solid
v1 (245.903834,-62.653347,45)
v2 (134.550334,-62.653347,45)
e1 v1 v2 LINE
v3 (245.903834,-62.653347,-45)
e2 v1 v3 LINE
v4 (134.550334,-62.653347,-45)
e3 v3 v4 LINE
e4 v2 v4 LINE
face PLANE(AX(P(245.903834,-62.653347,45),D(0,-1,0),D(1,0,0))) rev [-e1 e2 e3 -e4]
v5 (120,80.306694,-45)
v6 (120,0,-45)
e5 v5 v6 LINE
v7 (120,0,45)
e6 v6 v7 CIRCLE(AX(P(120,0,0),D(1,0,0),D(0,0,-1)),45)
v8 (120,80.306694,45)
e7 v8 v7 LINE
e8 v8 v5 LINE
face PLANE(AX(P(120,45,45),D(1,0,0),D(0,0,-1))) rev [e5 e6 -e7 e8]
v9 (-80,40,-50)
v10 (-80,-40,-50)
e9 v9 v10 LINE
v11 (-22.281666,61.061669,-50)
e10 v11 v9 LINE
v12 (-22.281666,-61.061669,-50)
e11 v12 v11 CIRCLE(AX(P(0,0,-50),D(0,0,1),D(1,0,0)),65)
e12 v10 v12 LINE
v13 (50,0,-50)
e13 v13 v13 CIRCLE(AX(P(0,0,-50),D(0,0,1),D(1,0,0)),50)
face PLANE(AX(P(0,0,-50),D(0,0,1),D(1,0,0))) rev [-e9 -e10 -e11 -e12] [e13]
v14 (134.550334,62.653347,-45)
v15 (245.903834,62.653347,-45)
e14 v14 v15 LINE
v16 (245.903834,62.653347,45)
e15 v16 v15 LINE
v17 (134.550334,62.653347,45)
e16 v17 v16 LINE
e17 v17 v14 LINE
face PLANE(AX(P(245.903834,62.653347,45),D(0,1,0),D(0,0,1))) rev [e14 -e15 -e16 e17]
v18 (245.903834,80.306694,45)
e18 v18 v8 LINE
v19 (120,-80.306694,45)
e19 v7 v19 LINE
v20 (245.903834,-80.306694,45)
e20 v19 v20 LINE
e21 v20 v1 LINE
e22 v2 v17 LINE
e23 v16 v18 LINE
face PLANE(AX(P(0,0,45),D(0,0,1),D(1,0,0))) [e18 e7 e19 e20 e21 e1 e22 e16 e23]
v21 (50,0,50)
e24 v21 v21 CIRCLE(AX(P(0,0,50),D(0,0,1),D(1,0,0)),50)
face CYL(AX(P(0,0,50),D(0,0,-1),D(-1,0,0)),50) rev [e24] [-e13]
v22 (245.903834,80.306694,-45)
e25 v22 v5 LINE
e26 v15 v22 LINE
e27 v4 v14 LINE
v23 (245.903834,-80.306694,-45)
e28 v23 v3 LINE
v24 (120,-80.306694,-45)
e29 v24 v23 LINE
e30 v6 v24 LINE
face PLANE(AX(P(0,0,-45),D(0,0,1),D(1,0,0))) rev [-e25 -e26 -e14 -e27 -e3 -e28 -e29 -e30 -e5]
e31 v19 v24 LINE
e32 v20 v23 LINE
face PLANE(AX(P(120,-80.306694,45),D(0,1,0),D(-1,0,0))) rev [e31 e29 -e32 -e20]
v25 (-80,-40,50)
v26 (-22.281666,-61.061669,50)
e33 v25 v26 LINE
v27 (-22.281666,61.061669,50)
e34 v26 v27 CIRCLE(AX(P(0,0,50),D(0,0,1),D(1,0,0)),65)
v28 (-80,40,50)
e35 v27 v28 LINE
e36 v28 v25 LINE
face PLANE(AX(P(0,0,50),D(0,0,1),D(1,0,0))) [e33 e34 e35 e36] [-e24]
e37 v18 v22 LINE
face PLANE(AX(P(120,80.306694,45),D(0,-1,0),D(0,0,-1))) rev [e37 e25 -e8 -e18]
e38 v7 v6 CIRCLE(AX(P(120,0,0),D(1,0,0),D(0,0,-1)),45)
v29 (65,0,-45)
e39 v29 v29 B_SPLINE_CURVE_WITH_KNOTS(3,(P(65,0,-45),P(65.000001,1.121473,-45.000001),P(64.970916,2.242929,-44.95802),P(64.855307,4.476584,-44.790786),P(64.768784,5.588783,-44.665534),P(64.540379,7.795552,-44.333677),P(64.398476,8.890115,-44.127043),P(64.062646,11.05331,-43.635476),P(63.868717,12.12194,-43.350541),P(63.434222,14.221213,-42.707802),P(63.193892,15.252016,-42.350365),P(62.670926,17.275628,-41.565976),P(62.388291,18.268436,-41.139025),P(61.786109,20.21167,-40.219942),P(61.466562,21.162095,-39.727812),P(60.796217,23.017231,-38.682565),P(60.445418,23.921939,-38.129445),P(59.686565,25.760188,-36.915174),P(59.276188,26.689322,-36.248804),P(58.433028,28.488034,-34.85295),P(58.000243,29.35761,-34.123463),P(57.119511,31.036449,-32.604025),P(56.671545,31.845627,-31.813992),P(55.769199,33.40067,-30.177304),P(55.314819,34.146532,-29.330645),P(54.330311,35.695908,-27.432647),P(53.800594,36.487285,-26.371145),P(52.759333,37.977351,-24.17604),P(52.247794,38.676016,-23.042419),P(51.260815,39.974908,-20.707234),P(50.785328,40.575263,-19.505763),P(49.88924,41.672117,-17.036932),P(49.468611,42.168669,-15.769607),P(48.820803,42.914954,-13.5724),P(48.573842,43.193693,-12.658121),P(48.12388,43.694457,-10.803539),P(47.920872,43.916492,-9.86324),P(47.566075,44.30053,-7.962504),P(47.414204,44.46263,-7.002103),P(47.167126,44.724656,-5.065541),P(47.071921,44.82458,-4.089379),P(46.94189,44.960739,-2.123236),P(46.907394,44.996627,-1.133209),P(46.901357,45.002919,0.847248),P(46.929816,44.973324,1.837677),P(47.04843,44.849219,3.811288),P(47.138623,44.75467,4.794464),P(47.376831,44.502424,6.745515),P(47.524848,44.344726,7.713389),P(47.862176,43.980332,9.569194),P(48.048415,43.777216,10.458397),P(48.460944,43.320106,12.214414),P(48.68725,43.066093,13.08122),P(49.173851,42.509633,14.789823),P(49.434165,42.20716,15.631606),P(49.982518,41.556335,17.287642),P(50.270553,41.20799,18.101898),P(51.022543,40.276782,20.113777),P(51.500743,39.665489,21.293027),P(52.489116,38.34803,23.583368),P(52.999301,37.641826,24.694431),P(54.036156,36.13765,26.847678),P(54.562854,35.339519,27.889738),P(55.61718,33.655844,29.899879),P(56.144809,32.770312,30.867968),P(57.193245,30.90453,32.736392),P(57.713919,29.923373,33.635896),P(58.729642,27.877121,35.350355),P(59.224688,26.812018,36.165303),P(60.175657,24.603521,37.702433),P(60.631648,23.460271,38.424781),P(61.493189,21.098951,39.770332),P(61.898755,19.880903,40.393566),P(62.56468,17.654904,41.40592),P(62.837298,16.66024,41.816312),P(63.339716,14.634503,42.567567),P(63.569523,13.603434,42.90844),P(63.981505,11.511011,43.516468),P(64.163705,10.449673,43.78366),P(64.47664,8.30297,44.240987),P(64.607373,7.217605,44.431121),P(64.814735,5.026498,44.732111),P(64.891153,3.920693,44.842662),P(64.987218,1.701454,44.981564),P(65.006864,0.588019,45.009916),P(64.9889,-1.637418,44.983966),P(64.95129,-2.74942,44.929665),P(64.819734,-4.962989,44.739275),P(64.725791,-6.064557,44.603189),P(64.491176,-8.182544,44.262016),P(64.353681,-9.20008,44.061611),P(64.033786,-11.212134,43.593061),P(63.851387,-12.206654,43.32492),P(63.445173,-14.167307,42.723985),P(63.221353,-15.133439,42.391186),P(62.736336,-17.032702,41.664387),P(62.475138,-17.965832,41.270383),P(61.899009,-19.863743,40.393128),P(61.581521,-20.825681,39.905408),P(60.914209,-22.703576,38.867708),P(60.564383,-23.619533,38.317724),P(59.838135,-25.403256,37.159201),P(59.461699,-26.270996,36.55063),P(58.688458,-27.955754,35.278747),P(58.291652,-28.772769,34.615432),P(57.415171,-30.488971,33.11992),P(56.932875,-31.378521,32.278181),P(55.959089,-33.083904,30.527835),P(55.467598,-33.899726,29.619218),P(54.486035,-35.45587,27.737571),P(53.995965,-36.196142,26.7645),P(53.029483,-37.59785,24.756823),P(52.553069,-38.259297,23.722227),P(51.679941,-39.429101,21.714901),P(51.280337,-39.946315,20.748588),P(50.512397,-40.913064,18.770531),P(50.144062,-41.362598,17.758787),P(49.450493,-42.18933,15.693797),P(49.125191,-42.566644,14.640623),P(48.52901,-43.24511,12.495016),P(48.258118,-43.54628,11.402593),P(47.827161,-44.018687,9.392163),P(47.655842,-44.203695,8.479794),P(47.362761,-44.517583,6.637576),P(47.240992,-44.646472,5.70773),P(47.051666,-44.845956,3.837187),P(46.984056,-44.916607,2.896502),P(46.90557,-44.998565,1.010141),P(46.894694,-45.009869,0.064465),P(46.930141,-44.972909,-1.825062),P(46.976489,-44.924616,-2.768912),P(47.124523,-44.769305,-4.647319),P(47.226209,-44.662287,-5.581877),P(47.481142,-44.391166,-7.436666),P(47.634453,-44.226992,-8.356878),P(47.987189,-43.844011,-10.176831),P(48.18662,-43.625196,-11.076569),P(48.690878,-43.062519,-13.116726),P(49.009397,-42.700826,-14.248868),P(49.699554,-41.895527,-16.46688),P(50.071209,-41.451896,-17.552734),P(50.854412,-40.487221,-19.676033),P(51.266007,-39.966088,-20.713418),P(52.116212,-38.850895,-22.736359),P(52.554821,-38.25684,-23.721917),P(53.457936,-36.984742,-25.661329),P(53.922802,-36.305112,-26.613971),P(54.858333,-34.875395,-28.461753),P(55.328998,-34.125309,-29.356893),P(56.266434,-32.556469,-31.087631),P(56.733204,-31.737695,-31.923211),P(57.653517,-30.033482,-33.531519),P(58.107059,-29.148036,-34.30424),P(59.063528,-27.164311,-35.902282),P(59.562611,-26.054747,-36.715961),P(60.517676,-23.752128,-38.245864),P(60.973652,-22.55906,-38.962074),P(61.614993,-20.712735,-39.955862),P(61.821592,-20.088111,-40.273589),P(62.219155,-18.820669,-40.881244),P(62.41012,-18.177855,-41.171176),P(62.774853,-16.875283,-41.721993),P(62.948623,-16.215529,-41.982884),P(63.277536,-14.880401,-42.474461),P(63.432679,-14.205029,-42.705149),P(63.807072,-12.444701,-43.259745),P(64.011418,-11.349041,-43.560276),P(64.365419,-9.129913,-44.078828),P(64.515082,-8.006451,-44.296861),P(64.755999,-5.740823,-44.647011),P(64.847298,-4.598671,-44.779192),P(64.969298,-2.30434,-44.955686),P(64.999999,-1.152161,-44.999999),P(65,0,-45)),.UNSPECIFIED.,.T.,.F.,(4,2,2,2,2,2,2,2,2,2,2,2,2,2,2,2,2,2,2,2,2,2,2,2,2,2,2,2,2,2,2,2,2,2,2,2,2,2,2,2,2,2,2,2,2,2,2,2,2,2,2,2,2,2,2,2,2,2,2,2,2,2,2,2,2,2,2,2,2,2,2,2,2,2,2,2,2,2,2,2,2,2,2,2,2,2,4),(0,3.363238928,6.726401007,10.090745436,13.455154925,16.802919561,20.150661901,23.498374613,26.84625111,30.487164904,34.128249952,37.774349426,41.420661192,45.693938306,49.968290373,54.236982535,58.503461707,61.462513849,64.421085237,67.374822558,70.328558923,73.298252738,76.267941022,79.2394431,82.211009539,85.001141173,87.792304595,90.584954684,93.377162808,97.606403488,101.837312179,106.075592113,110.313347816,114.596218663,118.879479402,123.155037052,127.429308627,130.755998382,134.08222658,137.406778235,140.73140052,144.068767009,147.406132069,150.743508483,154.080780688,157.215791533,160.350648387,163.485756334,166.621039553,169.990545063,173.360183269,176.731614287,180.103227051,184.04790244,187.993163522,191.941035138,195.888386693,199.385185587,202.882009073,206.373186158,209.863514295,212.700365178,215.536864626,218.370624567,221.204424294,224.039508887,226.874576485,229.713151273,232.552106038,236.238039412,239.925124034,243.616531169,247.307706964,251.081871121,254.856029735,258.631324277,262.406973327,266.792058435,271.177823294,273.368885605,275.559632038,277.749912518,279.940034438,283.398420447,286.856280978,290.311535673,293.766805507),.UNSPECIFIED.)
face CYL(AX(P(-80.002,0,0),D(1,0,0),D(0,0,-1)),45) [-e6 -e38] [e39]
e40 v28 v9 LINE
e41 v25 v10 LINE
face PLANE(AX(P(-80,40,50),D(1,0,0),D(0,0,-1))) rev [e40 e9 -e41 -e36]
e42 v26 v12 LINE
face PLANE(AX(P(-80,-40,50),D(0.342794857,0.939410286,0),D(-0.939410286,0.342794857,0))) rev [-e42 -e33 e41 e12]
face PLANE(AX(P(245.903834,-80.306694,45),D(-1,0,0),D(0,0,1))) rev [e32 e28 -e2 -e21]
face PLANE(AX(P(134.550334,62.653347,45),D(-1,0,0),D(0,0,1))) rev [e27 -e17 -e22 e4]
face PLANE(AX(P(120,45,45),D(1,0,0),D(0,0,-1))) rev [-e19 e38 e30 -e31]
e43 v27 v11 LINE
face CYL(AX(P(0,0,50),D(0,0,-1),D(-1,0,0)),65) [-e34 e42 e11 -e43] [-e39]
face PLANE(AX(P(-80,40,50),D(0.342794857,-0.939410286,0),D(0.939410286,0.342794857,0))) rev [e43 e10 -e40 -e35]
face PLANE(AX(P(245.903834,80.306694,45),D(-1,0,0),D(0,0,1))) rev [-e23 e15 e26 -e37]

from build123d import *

# Parameters (mm, degrees)
SKETCH1_R                = 50
BOSS_EXTRUDE1_DEPTH      = 50
BOSS_EXTRUDE2_REACH      = 202
SKETCH2_R                = 45
BOSS_EXTRUDE3_DEPTH      = 45
BOSS_EXTRUDE3_DEPTH_BACK = 45


with BuildPart() as part:
    # Sketch1 → Boss-Extrude1 (new body, symmetric)
    with BuildSketch(Plane.XY):
        with BuildLine():
            Line((-80, 40), (-80, -40))
            Line((-80, -40), (-22.281665693, -61.061668614))
            ThreePointArc((-22.281665693, -61.061668614), (65, 0), (-22.281665693, 61.061668614))
            Line((-22.281665693, 61.061668614), (-80, 40))
        make_face()
        Circle(SKETCH1_R, mode=Mode.SUBTRACT)
    extrude(amount=BOSS_EXTRUDE1_DEPTH, both=True)

    # Sketch2 → Boss-Extrude2 (add, up to next)
    with BuildSketch(Plane(origin=(120, 0, 0), x_dir=(0, 0, -1), z_dir=(1, 0, 0)), mode=Mode.PRIVATE) as boss_extrude2_sk1:
        Circle(SKETCH2_R)
    boss_extrude2_tool1 = extrude(boss_extrude2_sk1.sketch, amount=-BOSS_EXTRUDE2_REACH, mode=Mode.PRIVATE) - part.part
    add(boss_extrude2_tool1.solids().sort_by_distance((120, 0, 0))[0])

    # Sketch3 → Boss-Extrude3 (add, two sides)
    with BuildSketch(Plane.XY) as boss_extrude3_sk:
        Polygon((120, 45), (120, 80.306694099), (245.903834127, 80.306694099), (245.903834127, 62.653347049), (134.550333897, 62.653347049), (134.550333897, -62.653347049), (245.903834127, -62.653347049), (245.903834127, -80.306694099), (120, -80.306694099), (120, -45), align=None)
    extrude(amount=BOSS_EXTRUDE3_DEPTH)
    extrude(boss_extrude3_sk.sketch, amount=-BOSS_EXTRUDE3_DEPTH_BACK)


solid = part.part
